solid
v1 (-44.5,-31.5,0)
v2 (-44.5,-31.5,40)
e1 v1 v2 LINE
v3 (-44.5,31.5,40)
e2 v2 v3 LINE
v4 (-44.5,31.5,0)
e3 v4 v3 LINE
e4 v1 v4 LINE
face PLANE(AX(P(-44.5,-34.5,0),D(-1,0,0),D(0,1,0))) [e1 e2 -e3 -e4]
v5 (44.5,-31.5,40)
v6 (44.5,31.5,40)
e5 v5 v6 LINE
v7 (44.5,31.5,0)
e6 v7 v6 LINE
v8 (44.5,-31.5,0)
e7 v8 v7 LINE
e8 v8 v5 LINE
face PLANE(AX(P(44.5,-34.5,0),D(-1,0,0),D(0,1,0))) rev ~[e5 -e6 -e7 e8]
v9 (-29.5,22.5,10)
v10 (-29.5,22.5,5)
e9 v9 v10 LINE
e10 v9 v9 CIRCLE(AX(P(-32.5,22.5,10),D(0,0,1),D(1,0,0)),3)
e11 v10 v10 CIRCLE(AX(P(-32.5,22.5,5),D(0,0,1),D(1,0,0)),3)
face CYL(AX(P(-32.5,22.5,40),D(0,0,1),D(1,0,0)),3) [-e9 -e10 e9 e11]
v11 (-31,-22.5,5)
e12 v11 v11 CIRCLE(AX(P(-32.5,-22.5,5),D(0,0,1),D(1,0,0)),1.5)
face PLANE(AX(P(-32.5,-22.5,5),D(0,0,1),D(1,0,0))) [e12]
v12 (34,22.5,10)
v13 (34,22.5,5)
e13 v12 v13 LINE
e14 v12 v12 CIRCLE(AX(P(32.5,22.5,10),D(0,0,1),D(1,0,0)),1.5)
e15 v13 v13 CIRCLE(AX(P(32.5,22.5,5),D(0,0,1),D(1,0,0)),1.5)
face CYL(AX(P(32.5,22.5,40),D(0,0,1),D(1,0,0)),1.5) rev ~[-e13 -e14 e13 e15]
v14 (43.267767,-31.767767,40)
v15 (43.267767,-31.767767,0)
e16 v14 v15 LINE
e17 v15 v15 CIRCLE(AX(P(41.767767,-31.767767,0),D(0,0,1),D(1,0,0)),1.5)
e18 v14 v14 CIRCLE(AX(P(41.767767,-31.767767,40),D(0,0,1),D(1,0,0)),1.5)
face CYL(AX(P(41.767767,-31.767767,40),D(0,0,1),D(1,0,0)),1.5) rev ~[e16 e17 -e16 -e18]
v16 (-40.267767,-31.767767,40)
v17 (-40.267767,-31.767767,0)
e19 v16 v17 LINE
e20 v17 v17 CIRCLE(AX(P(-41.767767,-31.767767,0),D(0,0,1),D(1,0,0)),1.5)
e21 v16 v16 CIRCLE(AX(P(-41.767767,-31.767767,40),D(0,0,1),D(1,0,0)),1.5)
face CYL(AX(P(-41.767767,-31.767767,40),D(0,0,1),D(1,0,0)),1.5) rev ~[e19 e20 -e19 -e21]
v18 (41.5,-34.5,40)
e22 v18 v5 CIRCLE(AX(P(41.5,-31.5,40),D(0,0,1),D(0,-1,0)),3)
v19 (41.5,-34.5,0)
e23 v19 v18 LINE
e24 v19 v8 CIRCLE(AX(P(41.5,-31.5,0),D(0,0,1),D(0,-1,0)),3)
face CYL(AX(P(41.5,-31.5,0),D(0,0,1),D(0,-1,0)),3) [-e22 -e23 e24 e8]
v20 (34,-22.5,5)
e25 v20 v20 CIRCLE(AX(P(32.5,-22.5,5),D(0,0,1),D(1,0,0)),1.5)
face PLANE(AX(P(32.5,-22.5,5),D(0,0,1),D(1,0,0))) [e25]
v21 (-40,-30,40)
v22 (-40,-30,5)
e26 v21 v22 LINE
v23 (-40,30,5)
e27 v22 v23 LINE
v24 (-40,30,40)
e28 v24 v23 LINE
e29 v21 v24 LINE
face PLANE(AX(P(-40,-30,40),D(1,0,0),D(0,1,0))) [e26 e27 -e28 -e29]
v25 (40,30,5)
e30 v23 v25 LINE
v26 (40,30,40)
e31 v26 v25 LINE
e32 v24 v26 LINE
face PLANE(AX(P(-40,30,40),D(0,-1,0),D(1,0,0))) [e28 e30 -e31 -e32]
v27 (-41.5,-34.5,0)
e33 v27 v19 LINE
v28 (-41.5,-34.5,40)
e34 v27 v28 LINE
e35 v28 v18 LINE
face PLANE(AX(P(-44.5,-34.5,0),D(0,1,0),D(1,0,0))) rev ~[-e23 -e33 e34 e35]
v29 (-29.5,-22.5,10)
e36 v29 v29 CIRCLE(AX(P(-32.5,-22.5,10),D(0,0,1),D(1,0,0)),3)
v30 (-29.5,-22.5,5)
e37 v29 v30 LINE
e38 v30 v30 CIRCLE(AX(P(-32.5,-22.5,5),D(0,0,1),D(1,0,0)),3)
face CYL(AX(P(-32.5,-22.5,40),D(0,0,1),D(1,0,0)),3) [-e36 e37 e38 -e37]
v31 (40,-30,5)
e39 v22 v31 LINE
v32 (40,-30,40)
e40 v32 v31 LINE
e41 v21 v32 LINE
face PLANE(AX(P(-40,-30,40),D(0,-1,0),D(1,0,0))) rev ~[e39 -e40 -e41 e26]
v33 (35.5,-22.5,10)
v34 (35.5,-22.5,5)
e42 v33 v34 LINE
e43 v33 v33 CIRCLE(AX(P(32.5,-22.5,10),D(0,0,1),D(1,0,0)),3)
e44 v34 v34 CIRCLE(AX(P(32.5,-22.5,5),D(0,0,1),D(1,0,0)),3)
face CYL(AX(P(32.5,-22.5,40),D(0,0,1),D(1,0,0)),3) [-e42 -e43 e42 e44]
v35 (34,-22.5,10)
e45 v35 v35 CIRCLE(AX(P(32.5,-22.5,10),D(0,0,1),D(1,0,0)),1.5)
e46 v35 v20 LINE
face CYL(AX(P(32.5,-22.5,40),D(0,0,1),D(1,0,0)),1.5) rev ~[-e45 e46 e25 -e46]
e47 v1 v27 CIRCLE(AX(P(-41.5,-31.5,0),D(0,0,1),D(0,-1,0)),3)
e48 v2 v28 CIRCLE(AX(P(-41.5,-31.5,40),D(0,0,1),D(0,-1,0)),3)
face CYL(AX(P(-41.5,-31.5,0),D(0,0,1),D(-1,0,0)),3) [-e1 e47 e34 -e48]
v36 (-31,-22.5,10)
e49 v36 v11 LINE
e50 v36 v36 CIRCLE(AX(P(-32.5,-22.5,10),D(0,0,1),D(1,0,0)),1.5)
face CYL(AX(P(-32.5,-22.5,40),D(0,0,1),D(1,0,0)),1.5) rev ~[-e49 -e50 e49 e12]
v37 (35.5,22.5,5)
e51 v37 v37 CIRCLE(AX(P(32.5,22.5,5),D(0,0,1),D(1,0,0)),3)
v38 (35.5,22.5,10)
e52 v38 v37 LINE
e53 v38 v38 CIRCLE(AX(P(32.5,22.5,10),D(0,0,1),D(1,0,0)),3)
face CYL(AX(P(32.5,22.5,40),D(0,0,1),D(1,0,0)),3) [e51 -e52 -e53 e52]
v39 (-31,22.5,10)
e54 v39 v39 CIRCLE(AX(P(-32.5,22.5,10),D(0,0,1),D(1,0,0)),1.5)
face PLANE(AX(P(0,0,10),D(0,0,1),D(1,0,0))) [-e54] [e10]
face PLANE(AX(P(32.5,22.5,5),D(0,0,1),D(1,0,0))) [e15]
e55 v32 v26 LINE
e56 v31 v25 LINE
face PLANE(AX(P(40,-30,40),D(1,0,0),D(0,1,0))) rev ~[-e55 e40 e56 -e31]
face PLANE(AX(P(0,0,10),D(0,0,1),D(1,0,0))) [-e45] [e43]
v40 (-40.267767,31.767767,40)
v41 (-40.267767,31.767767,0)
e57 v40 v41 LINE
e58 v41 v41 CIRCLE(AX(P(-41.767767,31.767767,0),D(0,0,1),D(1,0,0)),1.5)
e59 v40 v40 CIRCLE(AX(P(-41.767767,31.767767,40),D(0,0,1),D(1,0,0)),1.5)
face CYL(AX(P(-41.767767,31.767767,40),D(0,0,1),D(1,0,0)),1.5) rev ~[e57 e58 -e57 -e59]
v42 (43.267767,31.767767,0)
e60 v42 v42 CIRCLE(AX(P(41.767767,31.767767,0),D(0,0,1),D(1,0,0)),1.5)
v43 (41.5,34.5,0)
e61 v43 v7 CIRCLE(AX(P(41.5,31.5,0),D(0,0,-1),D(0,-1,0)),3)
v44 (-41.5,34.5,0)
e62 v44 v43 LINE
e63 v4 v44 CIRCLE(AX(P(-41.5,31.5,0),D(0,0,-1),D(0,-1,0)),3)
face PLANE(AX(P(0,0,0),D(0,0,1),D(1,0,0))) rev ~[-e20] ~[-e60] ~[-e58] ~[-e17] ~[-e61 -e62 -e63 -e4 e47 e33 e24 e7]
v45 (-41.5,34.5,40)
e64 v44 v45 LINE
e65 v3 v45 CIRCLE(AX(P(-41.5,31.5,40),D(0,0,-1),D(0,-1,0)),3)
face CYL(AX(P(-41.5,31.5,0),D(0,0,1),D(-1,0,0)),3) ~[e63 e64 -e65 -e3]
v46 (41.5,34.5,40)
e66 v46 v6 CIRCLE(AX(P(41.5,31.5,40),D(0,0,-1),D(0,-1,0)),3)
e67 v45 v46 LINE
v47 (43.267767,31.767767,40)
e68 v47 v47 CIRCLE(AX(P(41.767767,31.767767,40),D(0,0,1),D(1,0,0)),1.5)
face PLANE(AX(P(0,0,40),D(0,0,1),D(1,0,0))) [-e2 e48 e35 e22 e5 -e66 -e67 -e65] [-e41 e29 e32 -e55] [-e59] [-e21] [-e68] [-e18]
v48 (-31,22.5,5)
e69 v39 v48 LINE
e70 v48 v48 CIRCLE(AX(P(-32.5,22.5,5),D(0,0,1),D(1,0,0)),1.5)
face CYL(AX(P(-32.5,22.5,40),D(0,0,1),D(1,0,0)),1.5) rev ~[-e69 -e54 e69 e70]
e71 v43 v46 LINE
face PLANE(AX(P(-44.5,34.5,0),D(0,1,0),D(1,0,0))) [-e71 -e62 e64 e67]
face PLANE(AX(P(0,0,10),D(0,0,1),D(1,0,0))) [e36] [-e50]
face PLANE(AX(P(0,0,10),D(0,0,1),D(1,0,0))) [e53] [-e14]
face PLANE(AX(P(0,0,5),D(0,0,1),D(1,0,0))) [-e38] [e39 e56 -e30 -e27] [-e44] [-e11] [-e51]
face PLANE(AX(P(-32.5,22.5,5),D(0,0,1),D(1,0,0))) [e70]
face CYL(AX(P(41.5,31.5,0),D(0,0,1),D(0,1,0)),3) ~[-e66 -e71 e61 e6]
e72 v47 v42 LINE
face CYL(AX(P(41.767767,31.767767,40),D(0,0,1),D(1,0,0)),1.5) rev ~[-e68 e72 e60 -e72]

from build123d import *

# Parameters (mm, degrees)
SKETCH_W        = 89
SKETCH_H        = 69
PAD_DEPTH       = 40
SKETCH001_W     = 80
SKETCH001_H     = 60
SKETCH001_R     = 3
SKETCH001_R_2   = 1.5
POCKET_DEPTH    = 35
SKETCH002_R     = 1.5
POCKET001_DEPTH = 40.001
SKETCH003_W     = 76.892074
SKETCH003_H     = 56.42009
POCKET002_DEPTH = 30
FILLET_R        = 3


with BuildPart() as part:
    # Sketch → Pad (new body)
    with BuildSketch(Plane.XY):
        Rectangle(SKETCH_W, SKETCH_H)
    extrude(amount=PAD_DEPTH)

    # Sketch001 (on DatumPlane) → Pocket (cut)
    with BuildSketch(Plane.XY.offset(40)):
        Rectangle(SKETCH001_W, SKETCH001_H)
        with Locations((-32.5, 22.5)):
            Circle(SKETCH001_R, mode=Mode.SUBTRACT)
        with Locations((32.5, 22.5)):
            Circle(SKETCH001_R, mode=Mode.SUBTRACT)
        with Locations((32.5, -22.5)):
            Circle(SKETCH001_R, mode=Mode.SUBTRACT)
        with Locations((-32.5, -22.5)):
            Circle(SKETCH001_R, mode=Mode.SUBTRACT)
        with Locations((-32.5, 22.5)):
            Circle(SKETCH001_R_2)
        with Locations((32.5, 22.5)):
            Circle(SKETCH001_R_2)
        with Locations((32.5, -22.5)):
            Circle(SKETCH001_R_2)
        with Locations((-32.5, -22.5)):
            Circle(SKETCH001_R_2)
    extrude(amount=-POCKET_DEPTH, mode=Mode.SUBTRACT)

    # Sketch002 (on DatumPlane) → Pocket001 (cut, through all)
    with BuildSketch(Plane.XY.offset(40)):
        with Locations((41.767767, 31.767767)):
            Circle(SKETCH002_R)
        with Locations((41.767767, -31.767767)):
            Circle(SKETCH002_R)
        with Locations((-41.767767, -31.767767)):
            Circle(SKETCH002_R)
        with Locations((-41.767767, 31.767767)):
            Circle(SKETCH002_R)
    extrude(amount=-POCKET001_DEPTH, mode=Mode.SUBTRACT)

    # Sketch003 (on DatumPlane) → Pocket002 (cut)
    with BuildSketch(Plane.XY.offset(40)):
        Rectangle(SKETCH003_W, SKETCH003_H)
    extrude(amount=-POCKET002_DEPTH, mode=Mode.SUBTRACT)

    # Fillet
    fillet_edges = [part.edges().sort_by_distance(p)[0] for p in [
        (-44.5, -34.5, 20),
        (44.5, -34.5, 20),
        (44.5, 34.5, 20),
        (-44.5, 34.5, 20),
    ]]
    fillet(fillet_edges, radius=FILLET_R)


solid = part.part
